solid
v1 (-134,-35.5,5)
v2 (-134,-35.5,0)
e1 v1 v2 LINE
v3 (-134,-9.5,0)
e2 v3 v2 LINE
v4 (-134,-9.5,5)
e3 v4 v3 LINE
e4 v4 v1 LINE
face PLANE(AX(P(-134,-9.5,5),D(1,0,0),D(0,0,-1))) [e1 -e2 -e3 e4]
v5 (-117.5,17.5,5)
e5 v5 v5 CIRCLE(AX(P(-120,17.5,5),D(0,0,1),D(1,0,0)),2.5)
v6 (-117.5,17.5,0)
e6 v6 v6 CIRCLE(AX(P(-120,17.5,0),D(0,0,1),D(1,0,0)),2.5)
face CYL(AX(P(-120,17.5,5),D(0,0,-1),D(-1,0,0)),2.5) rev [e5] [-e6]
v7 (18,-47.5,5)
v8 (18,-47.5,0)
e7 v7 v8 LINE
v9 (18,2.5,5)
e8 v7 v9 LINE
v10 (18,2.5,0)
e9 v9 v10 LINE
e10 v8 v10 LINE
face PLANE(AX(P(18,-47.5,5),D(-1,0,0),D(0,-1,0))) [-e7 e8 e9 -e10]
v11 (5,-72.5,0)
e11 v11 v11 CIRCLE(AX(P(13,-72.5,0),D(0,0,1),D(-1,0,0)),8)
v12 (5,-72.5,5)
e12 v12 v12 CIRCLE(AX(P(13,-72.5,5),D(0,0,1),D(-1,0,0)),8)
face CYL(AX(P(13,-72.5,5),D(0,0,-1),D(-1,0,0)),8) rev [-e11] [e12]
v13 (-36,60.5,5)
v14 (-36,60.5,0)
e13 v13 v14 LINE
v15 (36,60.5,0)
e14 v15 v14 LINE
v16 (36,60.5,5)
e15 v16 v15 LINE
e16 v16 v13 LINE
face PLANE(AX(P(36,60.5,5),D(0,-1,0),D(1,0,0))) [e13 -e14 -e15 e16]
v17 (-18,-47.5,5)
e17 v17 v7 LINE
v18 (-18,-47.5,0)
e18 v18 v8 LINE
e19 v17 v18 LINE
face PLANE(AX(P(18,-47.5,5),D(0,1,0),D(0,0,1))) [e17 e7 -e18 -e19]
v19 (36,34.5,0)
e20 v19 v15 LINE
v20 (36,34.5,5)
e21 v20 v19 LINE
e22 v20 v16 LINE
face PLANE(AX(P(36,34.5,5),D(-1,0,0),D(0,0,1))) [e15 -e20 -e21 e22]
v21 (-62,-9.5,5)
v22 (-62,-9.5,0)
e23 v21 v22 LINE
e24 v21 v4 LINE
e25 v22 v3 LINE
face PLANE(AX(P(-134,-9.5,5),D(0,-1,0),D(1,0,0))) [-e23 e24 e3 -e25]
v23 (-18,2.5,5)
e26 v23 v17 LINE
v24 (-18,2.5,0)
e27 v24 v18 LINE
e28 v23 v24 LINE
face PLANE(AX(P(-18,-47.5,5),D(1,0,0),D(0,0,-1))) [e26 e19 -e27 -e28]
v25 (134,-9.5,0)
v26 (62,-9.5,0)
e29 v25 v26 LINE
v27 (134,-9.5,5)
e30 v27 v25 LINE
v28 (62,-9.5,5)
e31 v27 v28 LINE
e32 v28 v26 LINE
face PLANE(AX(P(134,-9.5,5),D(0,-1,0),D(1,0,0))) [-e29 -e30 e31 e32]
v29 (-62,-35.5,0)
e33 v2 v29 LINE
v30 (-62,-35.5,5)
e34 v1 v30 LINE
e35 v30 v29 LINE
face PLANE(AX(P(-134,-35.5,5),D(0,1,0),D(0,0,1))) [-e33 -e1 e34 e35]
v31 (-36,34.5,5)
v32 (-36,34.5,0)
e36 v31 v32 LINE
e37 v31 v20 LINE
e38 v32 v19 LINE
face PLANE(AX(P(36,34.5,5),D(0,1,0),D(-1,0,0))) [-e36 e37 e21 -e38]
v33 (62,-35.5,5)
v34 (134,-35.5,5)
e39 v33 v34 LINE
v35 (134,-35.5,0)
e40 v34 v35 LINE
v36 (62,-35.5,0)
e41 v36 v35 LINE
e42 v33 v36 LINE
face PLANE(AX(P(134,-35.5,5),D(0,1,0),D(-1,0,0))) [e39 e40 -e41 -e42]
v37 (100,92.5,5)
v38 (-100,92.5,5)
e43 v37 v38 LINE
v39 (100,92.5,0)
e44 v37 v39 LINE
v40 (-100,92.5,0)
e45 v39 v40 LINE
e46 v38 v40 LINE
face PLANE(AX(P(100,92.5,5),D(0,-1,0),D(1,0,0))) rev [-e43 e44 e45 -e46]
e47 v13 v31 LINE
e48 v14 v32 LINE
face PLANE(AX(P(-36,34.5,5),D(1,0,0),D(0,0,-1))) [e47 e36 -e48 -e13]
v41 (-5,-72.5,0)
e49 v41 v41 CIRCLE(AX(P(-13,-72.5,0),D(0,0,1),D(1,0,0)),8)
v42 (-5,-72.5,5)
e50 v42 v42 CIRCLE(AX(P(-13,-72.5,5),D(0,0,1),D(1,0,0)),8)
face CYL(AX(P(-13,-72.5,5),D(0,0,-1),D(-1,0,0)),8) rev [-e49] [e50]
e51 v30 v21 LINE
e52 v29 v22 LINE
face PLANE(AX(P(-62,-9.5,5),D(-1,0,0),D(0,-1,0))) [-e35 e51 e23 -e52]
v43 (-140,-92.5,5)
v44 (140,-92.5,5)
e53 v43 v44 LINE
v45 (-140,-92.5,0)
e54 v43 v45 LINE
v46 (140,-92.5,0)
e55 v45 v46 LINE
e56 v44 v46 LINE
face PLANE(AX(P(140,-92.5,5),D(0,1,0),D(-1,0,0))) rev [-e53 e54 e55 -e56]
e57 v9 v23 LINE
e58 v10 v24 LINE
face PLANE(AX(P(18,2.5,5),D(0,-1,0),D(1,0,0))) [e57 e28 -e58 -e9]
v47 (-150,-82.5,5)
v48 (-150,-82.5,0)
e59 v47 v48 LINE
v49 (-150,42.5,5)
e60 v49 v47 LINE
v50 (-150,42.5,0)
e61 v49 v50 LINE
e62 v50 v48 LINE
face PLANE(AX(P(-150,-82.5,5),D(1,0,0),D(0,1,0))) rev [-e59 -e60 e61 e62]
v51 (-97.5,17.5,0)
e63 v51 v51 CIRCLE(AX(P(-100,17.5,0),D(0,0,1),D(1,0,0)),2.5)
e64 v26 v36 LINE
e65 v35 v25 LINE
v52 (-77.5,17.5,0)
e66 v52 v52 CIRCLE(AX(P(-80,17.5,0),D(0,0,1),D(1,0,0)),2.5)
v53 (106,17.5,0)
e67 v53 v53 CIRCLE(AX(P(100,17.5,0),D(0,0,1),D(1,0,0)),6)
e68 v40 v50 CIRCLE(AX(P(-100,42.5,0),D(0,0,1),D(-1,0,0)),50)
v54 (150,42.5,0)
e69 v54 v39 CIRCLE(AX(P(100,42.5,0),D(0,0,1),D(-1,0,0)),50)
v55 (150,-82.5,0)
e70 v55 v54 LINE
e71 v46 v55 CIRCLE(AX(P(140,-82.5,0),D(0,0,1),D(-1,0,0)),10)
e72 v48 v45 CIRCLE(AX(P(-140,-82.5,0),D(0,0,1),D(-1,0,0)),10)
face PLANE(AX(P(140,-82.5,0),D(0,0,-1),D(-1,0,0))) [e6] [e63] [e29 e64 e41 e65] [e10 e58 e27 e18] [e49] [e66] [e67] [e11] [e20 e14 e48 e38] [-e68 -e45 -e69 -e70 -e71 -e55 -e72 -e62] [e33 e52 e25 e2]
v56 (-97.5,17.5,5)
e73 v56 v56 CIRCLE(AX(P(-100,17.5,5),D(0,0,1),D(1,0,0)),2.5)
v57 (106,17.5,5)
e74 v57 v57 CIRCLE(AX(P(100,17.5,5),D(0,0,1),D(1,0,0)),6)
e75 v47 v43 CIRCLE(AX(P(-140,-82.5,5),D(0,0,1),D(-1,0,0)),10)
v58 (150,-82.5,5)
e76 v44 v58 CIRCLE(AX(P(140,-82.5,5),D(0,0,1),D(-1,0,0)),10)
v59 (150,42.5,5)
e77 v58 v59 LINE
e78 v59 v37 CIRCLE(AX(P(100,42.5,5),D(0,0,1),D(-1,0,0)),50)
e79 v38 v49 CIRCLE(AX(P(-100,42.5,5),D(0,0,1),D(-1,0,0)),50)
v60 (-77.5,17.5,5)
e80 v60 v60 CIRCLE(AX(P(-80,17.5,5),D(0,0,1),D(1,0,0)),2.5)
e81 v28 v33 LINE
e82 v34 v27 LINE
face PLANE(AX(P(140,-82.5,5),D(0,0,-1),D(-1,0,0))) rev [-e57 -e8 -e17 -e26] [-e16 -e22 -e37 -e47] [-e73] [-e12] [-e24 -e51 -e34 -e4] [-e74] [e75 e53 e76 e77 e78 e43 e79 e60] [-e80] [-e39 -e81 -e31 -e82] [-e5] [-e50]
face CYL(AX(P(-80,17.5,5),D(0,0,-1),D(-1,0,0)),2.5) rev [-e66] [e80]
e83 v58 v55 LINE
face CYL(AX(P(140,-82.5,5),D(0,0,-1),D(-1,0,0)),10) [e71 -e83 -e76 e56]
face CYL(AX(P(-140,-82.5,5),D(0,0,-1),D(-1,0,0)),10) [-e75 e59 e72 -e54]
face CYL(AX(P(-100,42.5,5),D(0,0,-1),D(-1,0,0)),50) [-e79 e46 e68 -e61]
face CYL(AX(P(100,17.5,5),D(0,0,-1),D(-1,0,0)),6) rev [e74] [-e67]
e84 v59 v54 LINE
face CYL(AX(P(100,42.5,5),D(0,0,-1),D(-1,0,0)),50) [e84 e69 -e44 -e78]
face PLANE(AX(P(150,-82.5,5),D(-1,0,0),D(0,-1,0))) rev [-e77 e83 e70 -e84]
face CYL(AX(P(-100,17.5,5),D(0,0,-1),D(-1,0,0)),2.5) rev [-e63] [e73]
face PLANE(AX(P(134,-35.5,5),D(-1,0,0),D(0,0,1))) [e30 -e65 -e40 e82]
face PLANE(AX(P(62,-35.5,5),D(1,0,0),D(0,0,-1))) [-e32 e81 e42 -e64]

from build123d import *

# Parameters (mm, degrees)
SKETCH1_R           = 8
SKETCH1_R_2         = 6
SKETCH1_R_3         = 2.5
SKETCH1_W           = 72
SKETCH1_H           = 26
SKETCH1_W_2         = 36
SKETCH1_H_2         = 50
BOSS_EXTRUDE1_DEPTH = 5


with BuildPart() as part:
    # Sketch1 → Boss-Extrude1 (new body)
    with BuildSketch(Plane.XY):
        with BuildLine():
            Line((140, -92.5), (-140, -92.5))
            ThreePointArc((-140, -92.5), (-147.071067812, -89.571067812), (-150, -82.5))
            Line((-150, -82.5), (-150, 42.5))
            ThreePointArc((-150, 42.5), (-135.355339059, 77.855339059), (-100, 92.5))
            Line((-100, 92.5), (100, 92.5))
            ThreePointArc((100, 92.5), (135.355339059, 77.855339059), (150, 42.5))
            Line((150, 42.5), (150, -82.5))
            ThreePointArc((150, -82.5), (147.071067812, -89.571067812), (140, -92.5))
        make_face()
        with Locations((-13, -72.5)):
            Circle(SKETCH1_R, mode=Mode.SUBTRACT)
        with Locations(Location((13, -72.5, 0), (0, 0, 180))):
            Circle(SKETCH1_R, mode=Mode.SUBTRACT)
        with Locations((100, 17.5)):
            Circle(SKETCH1_R_2, mode=Mode.SUBTRACT)
        with Locations((-120, 17.5)):
            Circle(SKETCH1_R_3, mode=Mode.SUBTRACT)
        with Locations((-100, 17.5)):
            Circle(SKETCH1_R_3, mode=Mode.SUBTRACT)
        with Locations((-80, 17.5)):
            Circle(SKETCH1_R_3, mode=Mode.SUBTRACT)
        with Locations((-98, -22.5)):
            Rectangle(SKETCH1_W, SKETCH1_H, mode=Mode.SUBTRACT)
        with Locations((0, 47.5)):
            Rectangle(SKETCH1_W, SKETCH1_H, mode=Mode.SUBTRACT)
        with Locations((98, -22.5)):
            Rectangle(SKETCH1_W, SKETCH1_H, mode=Mode.SUBTRACT)
        with Locations((0, -22.5)):
            Rectangle(SKETCH1_W_2, SKETCH1_H_2, mode=Mode.SUBTRACT)
    extrude(amount=BOSS_EXTRUDE1_DEPTH)


solid = part.part
